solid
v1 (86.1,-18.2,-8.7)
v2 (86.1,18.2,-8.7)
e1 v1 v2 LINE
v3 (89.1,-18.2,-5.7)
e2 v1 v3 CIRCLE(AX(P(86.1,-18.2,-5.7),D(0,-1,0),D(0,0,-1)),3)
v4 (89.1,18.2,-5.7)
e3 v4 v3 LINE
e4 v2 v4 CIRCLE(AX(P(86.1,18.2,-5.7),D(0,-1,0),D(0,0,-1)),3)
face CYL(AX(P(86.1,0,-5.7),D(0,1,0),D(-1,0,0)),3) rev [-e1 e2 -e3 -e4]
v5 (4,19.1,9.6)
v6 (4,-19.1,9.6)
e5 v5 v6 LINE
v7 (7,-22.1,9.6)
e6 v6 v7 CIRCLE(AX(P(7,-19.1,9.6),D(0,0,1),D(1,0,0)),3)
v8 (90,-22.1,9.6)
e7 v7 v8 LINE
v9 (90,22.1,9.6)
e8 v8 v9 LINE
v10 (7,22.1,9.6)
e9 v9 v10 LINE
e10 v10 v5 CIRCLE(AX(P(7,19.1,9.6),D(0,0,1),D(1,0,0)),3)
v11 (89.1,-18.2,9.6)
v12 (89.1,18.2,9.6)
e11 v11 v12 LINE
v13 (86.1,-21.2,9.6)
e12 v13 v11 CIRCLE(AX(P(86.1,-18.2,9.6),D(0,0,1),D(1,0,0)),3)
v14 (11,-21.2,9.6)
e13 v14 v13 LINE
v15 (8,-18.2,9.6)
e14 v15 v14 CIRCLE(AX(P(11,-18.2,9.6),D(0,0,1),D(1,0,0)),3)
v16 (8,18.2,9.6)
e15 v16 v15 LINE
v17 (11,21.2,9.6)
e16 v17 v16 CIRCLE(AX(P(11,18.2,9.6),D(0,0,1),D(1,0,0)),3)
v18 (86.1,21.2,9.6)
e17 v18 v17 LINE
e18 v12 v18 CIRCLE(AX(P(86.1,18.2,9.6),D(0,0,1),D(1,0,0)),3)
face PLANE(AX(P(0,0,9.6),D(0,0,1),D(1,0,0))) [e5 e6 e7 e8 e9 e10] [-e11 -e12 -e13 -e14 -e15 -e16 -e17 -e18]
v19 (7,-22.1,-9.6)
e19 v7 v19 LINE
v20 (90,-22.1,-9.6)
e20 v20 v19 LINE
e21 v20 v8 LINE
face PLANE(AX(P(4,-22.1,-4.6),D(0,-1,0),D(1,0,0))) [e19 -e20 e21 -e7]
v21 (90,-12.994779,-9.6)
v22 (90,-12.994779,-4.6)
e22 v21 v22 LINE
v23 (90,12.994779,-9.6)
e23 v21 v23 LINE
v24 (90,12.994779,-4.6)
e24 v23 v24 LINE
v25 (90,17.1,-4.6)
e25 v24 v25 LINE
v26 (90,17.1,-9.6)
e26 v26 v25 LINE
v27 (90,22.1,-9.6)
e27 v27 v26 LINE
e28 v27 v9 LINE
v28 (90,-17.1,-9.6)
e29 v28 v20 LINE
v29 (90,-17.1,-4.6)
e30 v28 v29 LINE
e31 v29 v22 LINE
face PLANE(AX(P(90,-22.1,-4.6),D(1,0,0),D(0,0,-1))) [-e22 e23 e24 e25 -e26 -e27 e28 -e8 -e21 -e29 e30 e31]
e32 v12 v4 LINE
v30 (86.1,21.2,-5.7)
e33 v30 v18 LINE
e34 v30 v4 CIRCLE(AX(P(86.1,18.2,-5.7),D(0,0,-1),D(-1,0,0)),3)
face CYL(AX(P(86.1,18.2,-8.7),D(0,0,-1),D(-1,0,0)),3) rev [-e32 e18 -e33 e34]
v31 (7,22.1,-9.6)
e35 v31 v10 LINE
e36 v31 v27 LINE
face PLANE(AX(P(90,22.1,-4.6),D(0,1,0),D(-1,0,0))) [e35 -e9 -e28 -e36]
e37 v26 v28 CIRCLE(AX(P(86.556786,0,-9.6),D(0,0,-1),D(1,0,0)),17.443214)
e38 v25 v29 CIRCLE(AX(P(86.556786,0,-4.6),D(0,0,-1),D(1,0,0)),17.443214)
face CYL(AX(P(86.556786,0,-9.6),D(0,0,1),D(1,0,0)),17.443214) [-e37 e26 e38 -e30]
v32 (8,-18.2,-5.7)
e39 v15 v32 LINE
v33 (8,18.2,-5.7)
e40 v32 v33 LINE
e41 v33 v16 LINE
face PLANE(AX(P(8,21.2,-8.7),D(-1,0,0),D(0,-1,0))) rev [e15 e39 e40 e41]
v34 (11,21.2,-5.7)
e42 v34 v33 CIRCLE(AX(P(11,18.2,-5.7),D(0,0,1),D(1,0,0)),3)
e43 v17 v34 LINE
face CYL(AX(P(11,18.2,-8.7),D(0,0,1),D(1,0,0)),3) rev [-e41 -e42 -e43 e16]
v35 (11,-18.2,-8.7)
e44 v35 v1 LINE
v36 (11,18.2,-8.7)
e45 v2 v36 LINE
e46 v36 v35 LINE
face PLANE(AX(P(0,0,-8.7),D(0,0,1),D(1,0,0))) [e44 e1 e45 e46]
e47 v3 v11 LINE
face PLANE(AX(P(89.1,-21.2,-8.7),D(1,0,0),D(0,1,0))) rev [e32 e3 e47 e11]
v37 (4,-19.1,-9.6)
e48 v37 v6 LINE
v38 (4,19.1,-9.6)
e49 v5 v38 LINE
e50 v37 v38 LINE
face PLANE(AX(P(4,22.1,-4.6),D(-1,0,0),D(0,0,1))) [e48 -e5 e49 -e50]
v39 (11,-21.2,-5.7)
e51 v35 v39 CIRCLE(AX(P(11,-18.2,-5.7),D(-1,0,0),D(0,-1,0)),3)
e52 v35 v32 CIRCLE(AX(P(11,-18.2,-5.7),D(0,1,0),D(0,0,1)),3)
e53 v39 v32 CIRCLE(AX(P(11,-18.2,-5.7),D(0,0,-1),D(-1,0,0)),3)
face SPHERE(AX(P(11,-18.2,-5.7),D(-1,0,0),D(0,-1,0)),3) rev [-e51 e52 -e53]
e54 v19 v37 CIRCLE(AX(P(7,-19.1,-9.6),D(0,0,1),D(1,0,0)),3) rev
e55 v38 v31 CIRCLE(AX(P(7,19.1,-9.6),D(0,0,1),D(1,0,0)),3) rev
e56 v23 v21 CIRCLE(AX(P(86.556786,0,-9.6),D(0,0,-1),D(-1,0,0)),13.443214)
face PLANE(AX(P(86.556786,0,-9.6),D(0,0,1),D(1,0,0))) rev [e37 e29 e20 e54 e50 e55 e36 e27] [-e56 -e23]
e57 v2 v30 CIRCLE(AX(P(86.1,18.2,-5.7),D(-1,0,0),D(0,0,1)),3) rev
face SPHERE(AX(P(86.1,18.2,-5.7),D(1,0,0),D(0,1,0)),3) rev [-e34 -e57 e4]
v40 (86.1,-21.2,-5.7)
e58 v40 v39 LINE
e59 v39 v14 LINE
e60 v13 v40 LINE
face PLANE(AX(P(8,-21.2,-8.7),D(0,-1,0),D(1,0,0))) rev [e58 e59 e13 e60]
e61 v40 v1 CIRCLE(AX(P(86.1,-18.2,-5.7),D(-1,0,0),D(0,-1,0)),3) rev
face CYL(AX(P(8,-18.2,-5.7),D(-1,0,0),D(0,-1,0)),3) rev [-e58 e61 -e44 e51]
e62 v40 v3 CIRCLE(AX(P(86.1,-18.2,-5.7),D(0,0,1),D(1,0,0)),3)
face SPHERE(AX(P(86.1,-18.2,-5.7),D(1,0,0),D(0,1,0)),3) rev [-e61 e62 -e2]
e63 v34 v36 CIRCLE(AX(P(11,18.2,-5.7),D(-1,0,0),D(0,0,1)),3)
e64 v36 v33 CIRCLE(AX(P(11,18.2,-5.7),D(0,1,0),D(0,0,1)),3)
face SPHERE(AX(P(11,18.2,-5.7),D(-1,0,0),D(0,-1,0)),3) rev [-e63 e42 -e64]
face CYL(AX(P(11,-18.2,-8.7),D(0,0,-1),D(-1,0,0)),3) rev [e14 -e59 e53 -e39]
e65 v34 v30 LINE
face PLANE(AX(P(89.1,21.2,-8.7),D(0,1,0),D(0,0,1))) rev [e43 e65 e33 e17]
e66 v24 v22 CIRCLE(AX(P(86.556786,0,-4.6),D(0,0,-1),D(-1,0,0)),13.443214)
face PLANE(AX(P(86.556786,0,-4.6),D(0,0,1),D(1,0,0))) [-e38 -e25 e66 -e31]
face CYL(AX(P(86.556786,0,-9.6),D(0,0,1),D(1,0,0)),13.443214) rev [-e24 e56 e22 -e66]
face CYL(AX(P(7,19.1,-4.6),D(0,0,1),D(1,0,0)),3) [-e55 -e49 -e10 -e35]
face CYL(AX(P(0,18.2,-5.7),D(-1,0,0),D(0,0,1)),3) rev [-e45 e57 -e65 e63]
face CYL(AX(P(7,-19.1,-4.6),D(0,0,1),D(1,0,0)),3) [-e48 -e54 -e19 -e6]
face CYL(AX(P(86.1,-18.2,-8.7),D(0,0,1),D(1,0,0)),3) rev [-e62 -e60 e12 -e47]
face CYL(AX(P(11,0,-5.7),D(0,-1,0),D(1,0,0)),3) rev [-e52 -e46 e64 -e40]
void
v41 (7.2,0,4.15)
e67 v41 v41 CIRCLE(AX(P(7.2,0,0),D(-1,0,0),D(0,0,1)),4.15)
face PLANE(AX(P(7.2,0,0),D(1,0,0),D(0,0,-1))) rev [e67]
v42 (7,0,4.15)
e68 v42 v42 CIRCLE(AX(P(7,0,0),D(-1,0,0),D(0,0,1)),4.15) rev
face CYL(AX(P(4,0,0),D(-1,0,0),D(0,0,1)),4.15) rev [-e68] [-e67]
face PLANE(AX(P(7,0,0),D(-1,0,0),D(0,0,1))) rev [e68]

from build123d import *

# Parameters (mm, degrees)
SKETCH_1_W                  = 86
SKETCH_1_H                  = 44.2
EXTRUDE_1_DEPTH             = 14.2
EXTRUDE_2_DEPTH             = 5
SKETCH_3_W                  = 81.1
SKETCH_3_H                  = 42.4
CUT_EXTRUDE_1_DEPTH         = 18.3
HOLE_WIZARD_8_3_8_3_1_D     = 8.3
HOLE_WIZARD_8_3_8_3_1_DEPTH = 3.2
FILLET_1_R                  = 3
FILLET_2_R                  = 3
FILLET_3_R                  = 3
FILLET_4_R                  = 3
FILLET_5_R                  = 3
EXTRUDE_START               = -3
SKETCH_6_R                  = 4.15
EXTRUDE_3_DEPTH             = 3


with BuildPart() as part:
    # Эскиз1 → Бобышка-Вытянуть1 (new body)
    with BuildSketch(Plane.XY.offset(9.6)):
        with Locations((47, 0)):
            Rectangle(SKETCH_1_W, SKETCH_1_H)
    extrude(amount=-EXTRUDE_1_DEPTH)

    # Эскиз2 → Бобышка-Вытянуть2 (add)
    with BuildSketch(Plane(origin=(0, 0, -4.6), x_dir=(-1, 0, 0), z_dir=(0, 0, -1))):
        with BuildLine():
            Line((-90, -22.1), (-90, -17.1))
            ThreePointArc((-90, -17.1), (-104, 0), (-90, 17.1))
            Line((-90, 17.1), (-90, 22.1))
            Line((-90, 22.1), (-4, 22.1))
            Line((-4, 22.1), (-4, -22.1))
            Line((-4, -22.1), (-90, -22.1))
        make_face()
        with BuildLine():
            Line((-90, -12.994779171), (-90, 12.994779171))
            ThreePointArc((-90, 12.994779171), (-100, 0), (-90, -12.994779171))
        make_face(mode=Mode.SUBTRACT)
    extrude(amount=EXTRUDE_2_DEPTH)

    # Эскиз3 → Вырез-Вытянуть1 (cut)
    with BuildSketch(Plane.XY.offset(9.6)):
        with Locations((48.55, 0)):
            Rectangle(SKETCH_3_W, SKETCH_3_H)
    extrude(amount=-CUT_EXTRUDE_1_DEPTH, mode=Mode.SUBTRACT)

    # Диаметр отверстия Ø8.3 (8.3)1
    with Locations(Plane.ZY.offset(-4)):
        with Locations((0, 0)):
            Hole(HOLE_WIZARD_8_3_8_3_1_D / 2, depth=HOLE_WIZARD_8_3_8_3_1_DEPTH)

    # Скругление1
    fillet_1_edges = [part.edges().sort_by_distance(p)[0] for p in [
        (4, -22.1, 0),
        (4, 22.1, 0),
    ]]
    fillet(fillet_1_edges, radius=FILLET_1_R)

    # Скругление2
    fillet_2_edges = [part.edges().sort_by_distance(p)[0] for p in [
        (48.55, -21.2, -8.7),
    ]]
    fillet(fillet_2_edges, radius=FILLET_2_R)

    # Скругление3
    fillet_3_edges = [part.edges().sort_by_distance(p)[0] for p in [
        (48.55, 21.2, -8.7),
    ]]
    fillet(fillet_3_edges, radius=FILLET_3_R)

    # Скругление4
    fillet_4_edges = [part.edges().sort_by_distance(p)[0] for p in [
        (8, -21.2, 1.95),
        (8, -20.321320344, -7.821320344),
        (8, 0, -8.7),
        (8, 21.2, 1.95),
        (8, 20.321320344, -7.821320344),
    ]]
    fillet(fillet_4_edges, radius=FILLET_4_R)

    # Скругление5
    fillet_5_edges = [part.edges().sort_by_distance(p)[0] for p in [
        (89.1, -21.2, 1.95),
        (89.1, 0, -8.7),
        (89.1, -20.321320344, -7.821320344),
        (89.1, 21.2, 1.95),
        (89.1, 20.321320344, -7.821320344),
    ]]
    fillet(fillet_5_edges, radius=FILLET_5_R)

    # Эскиз6 → Бобышка-Вытянуть3 (add)
    with BuildSketch(Plane.ZY.offset(-4).offset(EXTRUDE_START)):
        Circle(SKETCH_6_R)
    extrude(amount=EXTRUDE_3_DEPTH)


solid = part.part
